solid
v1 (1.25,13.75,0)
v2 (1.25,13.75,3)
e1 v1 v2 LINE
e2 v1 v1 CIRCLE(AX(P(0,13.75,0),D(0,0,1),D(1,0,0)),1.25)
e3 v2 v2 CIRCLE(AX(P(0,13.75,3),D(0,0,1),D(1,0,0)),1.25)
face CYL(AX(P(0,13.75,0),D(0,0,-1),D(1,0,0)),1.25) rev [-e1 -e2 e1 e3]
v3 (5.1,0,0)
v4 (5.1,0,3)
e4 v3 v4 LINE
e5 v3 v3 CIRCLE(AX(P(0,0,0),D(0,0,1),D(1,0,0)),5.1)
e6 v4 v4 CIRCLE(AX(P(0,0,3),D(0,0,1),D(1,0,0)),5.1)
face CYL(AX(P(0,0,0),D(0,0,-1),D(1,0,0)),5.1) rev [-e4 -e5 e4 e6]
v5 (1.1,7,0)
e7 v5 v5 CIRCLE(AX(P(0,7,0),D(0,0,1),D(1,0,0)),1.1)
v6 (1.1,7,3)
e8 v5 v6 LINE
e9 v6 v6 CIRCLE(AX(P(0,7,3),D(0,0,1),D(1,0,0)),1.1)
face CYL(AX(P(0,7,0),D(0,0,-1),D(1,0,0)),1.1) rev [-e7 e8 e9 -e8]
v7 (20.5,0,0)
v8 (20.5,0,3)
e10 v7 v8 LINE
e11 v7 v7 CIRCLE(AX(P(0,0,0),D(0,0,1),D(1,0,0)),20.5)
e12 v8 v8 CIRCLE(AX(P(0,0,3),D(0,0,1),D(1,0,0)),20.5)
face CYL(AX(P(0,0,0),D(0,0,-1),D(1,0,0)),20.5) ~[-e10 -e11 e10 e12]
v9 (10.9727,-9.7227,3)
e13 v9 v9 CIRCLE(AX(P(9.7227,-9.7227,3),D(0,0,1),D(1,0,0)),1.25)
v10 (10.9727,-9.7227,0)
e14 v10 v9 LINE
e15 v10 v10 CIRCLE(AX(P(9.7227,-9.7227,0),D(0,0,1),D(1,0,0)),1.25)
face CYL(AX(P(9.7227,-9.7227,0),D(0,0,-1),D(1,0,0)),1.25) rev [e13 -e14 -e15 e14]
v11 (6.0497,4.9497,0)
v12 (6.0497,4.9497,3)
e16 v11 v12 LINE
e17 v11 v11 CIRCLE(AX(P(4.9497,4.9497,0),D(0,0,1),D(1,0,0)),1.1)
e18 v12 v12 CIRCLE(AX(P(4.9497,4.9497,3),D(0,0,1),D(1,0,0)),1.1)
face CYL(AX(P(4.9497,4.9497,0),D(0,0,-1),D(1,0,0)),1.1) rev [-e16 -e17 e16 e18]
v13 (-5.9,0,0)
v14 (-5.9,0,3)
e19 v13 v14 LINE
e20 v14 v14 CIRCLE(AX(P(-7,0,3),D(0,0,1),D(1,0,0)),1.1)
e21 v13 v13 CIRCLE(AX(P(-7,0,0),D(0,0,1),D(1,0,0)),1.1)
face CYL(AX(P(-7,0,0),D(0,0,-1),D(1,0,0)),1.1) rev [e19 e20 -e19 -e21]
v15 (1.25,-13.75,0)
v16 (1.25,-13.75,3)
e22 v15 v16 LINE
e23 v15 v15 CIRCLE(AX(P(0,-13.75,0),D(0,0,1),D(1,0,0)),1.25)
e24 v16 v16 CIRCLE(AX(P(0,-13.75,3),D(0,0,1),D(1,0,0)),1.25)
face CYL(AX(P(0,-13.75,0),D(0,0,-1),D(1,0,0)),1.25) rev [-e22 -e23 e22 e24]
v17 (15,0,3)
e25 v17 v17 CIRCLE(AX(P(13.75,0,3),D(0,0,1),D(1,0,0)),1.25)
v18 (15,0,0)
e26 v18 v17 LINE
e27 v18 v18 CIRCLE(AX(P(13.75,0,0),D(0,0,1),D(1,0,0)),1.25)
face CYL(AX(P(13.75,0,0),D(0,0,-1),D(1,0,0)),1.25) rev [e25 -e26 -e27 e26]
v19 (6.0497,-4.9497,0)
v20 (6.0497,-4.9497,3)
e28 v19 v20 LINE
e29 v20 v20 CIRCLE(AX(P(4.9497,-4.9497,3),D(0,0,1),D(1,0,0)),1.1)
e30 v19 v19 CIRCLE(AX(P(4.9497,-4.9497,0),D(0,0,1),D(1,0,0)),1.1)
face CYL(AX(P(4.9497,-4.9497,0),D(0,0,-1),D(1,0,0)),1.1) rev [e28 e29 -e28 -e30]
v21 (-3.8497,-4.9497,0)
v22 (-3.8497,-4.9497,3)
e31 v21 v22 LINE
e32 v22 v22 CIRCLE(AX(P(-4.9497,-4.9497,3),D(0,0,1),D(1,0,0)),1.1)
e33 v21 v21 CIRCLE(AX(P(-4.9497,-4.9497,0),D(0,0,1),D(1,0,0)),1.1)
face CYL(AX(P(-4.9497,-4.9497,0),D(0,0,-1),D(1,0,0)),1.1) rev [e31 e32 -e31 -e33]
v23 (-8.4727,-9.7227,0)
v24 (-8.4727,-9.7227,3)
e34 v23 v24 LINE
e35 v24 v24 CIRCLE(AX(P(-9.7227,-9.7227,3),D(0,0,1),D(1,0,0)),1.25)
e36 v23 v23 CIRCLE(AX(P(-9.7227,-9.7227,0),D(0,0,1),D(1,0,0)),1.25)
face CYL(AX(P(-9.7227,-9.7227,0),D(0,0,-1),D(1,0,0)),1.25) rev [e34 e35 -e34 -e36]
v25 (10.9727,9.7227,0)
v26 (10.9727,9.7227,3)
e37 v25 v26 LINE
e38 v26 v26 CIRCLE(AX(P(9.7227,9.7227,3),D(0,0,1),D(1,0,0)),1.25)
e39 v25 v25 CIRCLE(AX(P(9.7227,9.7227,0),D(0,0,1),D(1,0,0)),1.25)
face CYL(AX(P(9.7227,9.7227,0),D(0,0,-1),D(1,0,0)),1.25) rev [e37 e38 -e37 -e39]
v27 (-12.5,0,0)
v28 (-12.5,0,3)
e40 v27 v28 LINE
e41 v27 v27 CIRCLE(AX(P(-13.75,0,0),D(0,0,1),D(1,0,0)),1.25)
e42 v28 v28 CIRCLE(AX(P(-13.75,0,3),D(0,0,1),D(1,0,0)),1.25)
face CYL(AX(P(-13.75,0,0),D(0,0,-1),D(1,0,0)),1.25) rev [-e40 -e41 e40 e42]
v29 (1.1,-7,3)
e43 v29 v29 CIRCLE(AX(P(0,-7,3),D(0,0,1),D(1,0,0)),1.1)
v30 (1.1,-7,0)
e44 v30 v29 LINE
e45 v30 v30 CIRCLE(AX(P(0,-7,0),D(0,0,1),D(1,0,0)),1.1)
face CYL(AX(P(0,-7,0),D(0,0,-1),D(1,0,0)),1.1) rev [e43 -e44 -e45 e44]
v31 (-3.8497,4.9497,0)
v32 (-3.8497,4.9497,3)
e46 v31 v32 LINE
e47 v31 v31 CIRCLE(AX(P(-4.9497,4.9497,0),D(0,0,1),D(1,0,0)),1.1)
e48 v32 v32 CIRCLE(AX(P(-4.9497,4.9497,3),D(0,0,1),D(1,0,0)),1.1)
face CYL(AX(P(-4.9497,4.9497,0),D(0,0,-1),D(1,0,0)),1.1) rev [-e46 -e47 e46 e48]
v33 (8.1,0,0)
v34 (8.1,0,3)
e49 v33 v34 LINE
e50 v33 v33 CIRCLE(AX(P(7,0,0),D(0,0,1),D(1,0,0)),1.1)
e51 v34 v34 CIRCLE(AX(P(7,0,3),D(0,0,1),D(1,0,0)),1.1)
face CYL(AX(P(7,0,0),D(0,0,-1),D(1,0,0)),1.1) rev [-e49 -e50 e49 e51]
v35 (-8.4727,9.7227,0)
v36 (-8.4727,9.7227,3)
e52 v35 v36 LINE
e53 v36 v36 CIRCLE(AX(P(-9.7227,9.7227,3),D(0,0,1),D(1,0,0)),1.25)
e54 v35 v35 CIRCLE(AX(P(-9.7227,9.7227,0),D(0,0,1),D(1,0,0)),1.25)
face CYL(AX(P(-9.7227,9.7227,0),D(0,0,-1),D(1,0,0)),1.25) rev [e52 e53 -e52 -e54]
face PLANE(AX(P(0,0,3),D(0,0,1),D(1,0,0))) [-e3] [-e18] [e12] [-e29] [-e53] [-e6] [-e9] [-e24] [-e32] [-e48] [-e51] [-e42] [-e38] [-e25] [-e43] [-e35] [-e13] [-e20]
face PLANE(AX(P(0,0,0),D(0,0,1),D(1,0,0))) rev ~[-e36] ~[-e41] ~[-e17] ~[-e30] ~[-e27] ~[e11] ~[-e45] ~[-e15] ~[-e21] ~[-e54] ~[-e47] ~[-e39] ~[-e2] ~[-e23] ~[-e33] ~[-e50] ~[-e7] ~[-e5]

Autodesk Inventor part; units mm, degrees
ref_plane "YZ Plane" through (0, 0, 0) normal (1, 0, 0) x (0, 1, 0)
ref_plane "XZ Plane" through (0, 0, 0) normal (0, 1, 0) x (-1, 0, 0)
ref_plane "XY Plane" through (0, 0, 0) normal (0, 0, 1) x (1, 0, 0)
sketch "スケッチ1" plane through (0, 0, 0) normal (0, 0, 1) x (1, 0, 0)
  circle A0 centre (0, 0) radius 20.5
  circle A1 centre (0, 0) radius 10 construction
  circle A2 centre (0, 0) radius 7 construction
  circle A3 centre (0, -7) radius 1.1
  circle A4 centre (4.9497, -4.9497) radius 1.1
  circle A5 centre (7, 0) radius 1.1
  circle A6 centre (4.9497, 4.9497) radius 1.1
  circle A7 centre (0, 7) radius 1.1
  circle A8 centre (-4.9497, 4.9497) radius 1.1
  circle A9 centre (-7, 0) radius 1.1
  circle A10 centre (-4.9497, -4.9497) radius 1.1
  circle A11 centre (0, 0) radius 15.5 construction
  circle A12 centre (0, 0) radius 12 construction
  line L0 (0, -12) -> (0, -15.5) construction
  circle A13 centre (0, -13.75) radius 1.25
  circle A14 centre (43.1211, 8.0958) radius 5 projected
  circle A15 centre (46.9662, 2.2465) radius 0.8 projected
  circle A16 centre (49.9761, 6.6786) radius 0.8 projected
  circle A17 centre (48.9705, 11.9409) radius 0.8 projected
  circle A18 centre (44.5383, 14.9509) radius 0.8 projected
  circle A19 centre (39.276, 13.9452) radius 0.8 projected
  circle A20 centre (36.2661, 9.513) radius 0.8 projected
  circle A21 centre (37.2717, 4.2507) radius 0.8 projected
  circle A22 centre (41.7039, 1.2408) radius 0.8 projected
  circle A23 centre (43.1211, 8.0958) radius 10 projected
  circle A24 centre (0, 0) radius 5.1
  circle A25 centre (0, 0) radius 13.75 construction
  circle A26 centre (9.7227, -9.7227) radius 1.25
  circle A27 centre (13.75, 0) radius 1.25
  circle A28 centre (9.7227, 9.7227) radius 1.25
  circle A29 centre (0, 13.75) radius 1.25
  circle A30 centre (-9.7227, 9.7227) radius 1.25
  circle A31 centre (-13.75, 0) radius 1.25
  circle A32 centre (-9.7227, -9.7227) radius 1.25
  dimension "d2" = 14
  dimension "d6" = 360
  dimension "d0" = 41
  dimension "d1" = 20
  dimension "d3" = 2.2
  dimension "d8" = 5
  dimension "d10" = 2.5
  dimension "d15" = 10.2
  dimension "d18" = 27.5
  dimension "d19" = 13.75
  dimension "d22" = 360
extrude "押し出し2" add sketch "スケッチ1" along normal blind 3 contours A0
properties part number "出力部品A_ダブルスラスト用(t2_アルミ)" material "アルミニウム 6061"
